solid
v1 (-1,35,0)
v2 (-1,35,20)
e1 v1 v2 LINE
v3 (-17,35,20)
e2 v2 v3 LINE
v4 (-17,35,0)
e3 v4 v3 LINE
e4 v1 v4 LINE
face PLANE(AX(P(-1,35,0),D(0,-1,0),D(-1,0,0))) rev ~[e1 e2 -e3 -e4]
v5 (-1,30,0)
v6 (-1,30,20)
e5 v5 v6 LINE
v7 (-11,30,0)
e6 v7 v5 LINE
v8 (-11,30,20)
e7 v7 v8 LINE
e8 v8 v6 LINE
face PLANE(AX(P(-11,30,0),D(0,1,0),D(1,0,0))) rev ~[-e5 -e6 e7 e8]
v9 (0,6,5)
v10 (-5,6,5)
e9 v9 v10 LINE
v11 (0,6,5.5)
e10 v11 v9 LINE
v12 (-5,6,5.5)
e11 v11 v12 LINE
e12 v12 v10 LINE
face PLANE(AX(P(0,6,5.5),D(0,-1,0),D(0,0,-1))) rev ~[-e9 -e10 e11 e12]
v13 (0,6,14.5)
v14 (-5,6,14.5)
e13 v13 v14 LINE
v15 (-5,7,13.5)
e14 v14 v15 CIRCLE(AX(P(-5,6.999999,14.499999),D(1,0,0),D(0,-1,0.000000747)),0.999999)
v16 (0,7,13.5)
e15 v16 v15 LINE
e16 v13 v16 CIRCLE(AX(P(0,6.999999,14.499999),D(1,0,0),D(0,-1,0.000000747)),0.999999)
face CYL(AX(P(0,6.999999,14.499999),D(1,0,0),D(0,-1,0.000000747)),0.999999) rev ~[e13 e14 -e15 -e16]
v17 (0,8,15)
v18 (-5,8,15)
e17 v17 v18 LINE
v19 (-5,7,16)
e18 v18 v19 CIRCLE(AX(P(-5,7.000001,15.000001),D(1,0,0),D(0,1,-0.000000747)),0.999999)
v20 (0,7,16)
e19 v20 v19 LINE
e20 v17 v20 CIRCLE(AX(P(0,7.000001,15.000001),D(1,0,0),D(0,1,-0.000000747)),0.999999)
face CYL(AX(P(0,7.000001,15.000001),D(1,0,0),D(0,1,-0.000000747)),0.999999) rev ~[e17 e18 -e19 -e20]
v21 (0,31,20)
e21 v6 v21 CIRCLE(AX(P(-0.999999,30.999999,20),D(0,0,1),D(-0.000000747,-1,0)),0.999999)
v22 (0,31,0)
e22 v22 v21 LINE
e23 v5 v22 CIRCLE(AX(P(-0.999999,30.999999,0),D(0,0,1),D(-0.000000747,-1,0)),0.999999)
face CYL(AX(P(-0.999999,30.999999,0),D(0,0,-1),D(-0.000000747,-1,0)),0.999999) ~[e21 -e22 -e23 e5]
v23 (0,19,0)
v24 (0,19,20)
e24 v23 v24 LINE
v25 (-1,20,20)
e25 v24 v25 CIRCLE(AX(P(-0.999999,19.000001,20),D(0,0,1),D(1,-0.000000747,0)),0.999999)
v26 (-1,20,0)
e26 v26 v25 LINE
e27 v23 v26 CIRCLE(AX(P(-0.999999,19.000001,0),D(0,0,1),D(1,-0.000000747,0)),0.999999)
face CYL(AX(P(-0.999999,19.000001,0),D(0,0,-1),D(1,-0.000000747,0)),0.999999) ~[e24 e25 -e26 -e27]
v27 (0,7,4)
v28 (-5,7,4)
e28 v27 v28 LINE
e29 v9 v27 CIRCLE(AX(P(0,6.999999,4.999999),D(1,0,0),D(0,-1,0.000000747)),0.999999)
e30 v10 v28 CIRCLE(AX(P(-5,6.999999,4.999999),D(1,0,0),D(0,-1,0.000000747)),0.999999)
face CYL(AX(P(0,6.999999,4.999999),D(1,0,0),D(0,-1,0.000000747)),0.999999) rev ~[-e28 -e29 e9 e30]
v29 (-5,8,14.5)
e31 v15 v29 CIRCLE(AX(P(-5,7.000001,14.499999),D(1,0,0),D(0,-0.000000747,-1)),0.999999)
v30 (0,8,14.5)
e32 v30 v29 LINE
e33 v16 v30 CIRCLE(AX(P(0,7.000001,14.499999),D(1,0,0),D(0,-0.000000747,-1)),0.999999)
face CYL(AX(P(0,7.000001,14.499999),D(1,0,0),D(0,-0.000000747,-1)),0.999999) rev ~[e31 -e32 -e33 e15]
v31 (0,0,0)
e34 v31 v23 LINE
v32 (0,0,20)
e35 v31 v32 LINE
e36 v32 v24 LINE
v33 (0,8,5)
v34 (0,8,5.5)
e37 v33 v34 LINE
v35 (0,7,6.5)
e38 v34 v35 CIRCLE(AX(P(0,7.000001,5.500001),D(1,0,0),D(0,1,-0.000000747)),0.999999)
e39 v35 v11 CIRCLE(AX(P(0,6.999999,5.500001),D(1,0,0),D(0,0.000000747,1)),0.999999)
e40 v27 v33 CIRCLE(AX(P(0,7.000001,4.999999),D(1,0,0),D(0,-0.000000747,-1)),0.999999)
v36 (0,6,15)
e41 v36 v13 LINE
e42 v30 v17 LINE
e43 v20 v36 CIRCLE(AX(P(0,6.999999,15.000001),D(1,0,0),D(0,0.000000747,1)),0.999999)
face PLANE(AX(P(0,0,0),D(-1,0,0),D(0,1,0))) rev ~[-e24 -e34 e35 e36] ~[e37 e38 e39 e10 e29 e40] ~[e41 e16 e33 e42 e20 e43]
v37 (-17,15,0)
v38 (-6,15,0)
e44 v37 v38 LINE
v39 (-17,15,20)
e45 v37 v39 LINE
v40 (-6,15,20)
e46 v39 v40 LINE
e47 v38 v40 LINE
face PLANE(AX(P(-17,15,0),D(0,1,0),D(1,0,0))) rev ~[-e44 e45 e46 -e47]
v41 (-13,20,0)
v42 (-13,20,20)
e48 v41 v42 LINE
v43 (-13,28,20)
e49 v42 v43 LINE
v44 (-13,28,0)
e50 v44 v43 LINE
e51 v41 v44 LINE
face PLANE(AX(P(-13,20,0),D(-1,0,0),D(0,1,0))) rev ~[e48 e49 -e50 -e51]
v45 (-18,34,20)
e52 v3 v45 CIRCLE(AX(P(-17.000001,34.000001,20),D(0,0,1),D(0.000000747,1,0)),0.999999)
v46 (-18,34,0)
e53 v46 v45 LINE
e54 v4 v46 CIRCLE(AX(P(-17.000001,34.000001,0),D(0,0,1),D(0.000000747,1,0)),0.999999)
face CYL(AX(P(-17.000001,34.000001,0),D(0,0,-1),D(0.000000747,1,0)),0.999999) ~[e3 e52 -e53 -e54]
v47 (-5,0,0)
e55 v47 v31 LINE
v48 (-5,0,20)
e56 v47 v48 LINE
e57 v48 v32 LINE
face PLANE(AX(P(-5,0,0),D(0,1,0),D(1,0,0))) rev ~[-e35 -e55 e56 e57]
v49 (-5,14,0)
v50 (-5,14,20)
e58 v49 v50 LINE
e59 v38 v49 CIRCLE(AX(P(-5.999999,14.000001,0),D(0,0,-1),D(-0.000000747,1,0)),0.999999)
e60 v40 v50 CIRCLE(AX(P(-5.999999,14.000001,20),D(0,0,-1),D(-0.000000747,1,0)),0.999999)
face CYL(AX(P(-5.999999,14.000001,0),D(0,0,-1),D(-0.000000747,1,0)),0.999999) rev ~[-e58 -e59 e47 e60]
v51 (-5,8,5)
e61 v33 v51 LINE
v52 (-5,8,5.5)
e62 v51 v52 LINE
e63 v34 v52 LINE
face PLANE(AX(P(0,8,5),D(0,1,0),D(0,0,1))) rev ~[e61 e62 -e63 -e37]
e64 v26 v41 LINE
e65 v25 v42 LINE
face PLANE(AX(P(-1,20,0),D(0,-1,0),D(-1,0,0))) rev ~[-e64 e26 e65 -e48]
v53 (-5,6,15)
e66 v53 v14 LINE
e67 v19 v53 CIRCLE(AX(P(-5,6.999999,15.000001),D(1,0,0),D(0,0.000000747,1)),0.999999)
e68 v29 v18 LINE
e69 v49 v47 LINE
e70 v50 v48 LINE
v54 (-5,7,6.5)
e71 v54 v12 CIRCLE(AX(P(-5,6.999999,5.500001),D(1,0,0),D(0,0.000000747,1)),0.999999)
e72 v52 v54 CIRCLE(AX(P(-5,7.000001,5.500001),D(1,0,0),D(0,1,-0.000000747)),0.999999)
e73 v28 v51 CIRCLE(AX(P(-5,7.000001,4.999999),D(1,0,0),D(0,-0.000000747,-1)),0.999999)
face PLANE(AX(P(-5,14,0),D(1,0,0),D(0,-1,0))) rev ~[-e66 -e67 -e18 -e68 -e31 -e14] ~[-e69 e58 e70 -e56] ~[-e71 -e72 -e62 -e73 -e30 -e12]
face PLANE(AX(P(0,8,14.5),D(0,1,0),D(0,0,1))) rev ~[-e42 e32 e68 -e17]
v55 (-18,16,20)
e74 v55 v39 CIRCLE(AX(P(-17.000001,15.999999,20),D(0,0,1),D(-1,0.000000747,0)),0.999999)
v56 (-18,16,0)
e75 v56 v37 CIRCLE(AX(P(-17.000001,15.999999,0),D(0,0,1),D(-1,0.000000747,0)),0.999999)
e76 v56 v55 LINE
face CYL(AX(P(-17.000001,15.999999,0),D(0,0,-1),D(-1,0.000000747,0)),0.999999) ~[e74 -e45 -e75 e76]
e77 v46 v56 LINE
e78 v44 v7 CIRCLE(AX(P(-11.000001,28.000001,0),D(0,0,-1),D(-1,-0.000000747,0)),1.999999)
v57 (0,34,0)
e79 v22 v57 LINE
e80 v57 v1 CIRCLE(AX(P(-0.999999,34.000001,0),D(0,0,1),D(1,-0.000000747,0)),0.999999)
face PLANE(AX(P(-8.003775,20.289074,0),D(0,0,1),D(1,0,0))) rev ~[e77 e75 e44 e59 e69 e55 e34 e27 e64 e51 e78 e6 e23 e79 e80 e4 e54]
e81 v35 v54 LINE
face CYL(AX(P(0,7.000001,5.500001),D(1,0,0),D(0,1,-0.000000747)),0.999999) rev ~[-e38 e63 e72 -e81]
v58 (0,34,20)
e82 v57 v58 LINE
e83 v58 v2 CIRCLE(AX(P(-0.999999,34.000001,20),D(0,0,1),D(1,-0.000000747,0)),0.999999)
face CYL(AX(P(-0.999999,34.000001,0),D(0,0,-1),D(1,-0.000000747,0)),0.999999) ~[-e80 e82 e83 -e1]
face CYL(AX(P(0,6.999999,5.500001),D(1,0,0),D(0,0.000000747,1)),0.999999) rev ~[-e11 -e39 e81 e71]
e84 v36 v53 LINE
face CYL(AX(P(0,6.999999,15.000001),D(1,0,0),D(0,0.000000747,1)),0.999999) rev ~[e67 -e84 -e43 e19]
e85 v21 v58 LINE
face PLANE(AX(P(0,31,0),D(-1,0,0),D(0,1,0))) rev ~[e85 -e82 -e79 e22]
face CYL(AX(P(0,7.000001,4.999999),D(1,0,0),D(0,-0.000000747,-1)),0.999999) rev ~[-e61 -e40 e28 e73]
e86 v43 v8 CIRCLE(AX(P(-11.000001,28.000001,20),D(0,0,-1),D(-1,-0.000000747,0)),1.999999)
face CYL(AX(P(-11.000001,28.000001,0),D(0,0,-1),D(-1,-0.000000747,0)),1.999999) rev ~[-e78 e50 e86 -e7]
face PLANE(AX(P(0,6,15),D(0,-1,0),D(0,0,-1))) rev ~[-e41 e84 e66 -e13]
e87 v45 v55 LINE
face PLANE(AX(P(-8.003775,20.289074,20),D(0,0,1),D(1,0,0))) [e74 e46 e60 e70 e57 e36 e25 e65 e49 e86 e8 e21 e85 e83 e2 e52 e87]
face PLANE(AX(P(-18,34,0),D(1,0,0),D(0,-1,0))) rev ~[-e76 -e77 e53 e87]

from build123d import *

# Parameters (mm, degrees)
F1_DEPTH = 20
F3_DEPTH = 18.001


with BuildPart() as f1:
    # F0 (on Top) → F1 (new body)
    with BuildSketch(Plane.XY):
        with BuildLine():
            Line((-5, 0), (0, 0))
            Line((0, 0), (0, 19))
            ThreePointArc((0, 19), (-0.292893, 19.707107), (-1, 20))
            Line((-1, 20), (-13, 20))
            Line((-13, 20), (-13, 28))
            ThreePointArc((-13, 28), (-12.414214, 29.414214), (-11, 30))
            Line((-11, 30), (-1, 30))
            ThreePointArc((-1, 30), (-0.292893, 30.292893), (0, 31))
            Line((0, 31), (0, 34))
            ThreePointArc((0, 34), (-0.292893, 34.707107), (-1, 35))
            Line((-1, 35), (-17, 35))
            ThreePointArc((-17, 35), (-17.707107, 34.707107), (-18, 34))
            Line((-18, 34), (-18, 16))
            ThreePointArc((-18, 16), (-17.707107, 15.292893), (-17, 15))
            Line((-17, 15), (-6, 15))
            ThreePointArc((-6, 15), (-5.292893, 14.707107), (-5, 14))
            Line((-5, 14), (-5, 0))
        make_face()
    extrude(amount=F1_DEPTH)

    # F2 (on face) → F3 (cut, through all)
    with BuildSketch(Plane.YZ):
        with BuildLine():
            ThreePointArc((7, 16), (6.292893, 15.707107), (6, 15))
            Line((6, 15), (6, 14.5))
            ThreePointArc((6, 14.5), (6.292893, 13.792893), (7, 13.5))
            ThreePointArc((7, 13.5), (7.707107, 13.792893), (8, 14.5))
            Line((8, 14.5), (8, 15))
            ThreePointArc((8, 15), (7.707107, 15.707107), (7, 16))
        make_face()
        with BuildLine():
            ThreePointArc((7, 6.5), (6.292893, 6.207107), (6, 5.5))
            Line((6, 5.5), (6, 5))
            ThreePointArc((6, 5), (6.292893, 4.292893), (7, 4))
            ThreePointArc((7, 4), (7.707107, 4.292893), (8, 5))
            Line((8, 5), (8, 5.5))
            ThreePointArc((8, 5.5), (7.707107, 6.207107), (7, 6.5))
        make_face()
    extrude(amount=-F3_DEPTH, mode=Mode.SUBTRACT)


solid = f1.part
